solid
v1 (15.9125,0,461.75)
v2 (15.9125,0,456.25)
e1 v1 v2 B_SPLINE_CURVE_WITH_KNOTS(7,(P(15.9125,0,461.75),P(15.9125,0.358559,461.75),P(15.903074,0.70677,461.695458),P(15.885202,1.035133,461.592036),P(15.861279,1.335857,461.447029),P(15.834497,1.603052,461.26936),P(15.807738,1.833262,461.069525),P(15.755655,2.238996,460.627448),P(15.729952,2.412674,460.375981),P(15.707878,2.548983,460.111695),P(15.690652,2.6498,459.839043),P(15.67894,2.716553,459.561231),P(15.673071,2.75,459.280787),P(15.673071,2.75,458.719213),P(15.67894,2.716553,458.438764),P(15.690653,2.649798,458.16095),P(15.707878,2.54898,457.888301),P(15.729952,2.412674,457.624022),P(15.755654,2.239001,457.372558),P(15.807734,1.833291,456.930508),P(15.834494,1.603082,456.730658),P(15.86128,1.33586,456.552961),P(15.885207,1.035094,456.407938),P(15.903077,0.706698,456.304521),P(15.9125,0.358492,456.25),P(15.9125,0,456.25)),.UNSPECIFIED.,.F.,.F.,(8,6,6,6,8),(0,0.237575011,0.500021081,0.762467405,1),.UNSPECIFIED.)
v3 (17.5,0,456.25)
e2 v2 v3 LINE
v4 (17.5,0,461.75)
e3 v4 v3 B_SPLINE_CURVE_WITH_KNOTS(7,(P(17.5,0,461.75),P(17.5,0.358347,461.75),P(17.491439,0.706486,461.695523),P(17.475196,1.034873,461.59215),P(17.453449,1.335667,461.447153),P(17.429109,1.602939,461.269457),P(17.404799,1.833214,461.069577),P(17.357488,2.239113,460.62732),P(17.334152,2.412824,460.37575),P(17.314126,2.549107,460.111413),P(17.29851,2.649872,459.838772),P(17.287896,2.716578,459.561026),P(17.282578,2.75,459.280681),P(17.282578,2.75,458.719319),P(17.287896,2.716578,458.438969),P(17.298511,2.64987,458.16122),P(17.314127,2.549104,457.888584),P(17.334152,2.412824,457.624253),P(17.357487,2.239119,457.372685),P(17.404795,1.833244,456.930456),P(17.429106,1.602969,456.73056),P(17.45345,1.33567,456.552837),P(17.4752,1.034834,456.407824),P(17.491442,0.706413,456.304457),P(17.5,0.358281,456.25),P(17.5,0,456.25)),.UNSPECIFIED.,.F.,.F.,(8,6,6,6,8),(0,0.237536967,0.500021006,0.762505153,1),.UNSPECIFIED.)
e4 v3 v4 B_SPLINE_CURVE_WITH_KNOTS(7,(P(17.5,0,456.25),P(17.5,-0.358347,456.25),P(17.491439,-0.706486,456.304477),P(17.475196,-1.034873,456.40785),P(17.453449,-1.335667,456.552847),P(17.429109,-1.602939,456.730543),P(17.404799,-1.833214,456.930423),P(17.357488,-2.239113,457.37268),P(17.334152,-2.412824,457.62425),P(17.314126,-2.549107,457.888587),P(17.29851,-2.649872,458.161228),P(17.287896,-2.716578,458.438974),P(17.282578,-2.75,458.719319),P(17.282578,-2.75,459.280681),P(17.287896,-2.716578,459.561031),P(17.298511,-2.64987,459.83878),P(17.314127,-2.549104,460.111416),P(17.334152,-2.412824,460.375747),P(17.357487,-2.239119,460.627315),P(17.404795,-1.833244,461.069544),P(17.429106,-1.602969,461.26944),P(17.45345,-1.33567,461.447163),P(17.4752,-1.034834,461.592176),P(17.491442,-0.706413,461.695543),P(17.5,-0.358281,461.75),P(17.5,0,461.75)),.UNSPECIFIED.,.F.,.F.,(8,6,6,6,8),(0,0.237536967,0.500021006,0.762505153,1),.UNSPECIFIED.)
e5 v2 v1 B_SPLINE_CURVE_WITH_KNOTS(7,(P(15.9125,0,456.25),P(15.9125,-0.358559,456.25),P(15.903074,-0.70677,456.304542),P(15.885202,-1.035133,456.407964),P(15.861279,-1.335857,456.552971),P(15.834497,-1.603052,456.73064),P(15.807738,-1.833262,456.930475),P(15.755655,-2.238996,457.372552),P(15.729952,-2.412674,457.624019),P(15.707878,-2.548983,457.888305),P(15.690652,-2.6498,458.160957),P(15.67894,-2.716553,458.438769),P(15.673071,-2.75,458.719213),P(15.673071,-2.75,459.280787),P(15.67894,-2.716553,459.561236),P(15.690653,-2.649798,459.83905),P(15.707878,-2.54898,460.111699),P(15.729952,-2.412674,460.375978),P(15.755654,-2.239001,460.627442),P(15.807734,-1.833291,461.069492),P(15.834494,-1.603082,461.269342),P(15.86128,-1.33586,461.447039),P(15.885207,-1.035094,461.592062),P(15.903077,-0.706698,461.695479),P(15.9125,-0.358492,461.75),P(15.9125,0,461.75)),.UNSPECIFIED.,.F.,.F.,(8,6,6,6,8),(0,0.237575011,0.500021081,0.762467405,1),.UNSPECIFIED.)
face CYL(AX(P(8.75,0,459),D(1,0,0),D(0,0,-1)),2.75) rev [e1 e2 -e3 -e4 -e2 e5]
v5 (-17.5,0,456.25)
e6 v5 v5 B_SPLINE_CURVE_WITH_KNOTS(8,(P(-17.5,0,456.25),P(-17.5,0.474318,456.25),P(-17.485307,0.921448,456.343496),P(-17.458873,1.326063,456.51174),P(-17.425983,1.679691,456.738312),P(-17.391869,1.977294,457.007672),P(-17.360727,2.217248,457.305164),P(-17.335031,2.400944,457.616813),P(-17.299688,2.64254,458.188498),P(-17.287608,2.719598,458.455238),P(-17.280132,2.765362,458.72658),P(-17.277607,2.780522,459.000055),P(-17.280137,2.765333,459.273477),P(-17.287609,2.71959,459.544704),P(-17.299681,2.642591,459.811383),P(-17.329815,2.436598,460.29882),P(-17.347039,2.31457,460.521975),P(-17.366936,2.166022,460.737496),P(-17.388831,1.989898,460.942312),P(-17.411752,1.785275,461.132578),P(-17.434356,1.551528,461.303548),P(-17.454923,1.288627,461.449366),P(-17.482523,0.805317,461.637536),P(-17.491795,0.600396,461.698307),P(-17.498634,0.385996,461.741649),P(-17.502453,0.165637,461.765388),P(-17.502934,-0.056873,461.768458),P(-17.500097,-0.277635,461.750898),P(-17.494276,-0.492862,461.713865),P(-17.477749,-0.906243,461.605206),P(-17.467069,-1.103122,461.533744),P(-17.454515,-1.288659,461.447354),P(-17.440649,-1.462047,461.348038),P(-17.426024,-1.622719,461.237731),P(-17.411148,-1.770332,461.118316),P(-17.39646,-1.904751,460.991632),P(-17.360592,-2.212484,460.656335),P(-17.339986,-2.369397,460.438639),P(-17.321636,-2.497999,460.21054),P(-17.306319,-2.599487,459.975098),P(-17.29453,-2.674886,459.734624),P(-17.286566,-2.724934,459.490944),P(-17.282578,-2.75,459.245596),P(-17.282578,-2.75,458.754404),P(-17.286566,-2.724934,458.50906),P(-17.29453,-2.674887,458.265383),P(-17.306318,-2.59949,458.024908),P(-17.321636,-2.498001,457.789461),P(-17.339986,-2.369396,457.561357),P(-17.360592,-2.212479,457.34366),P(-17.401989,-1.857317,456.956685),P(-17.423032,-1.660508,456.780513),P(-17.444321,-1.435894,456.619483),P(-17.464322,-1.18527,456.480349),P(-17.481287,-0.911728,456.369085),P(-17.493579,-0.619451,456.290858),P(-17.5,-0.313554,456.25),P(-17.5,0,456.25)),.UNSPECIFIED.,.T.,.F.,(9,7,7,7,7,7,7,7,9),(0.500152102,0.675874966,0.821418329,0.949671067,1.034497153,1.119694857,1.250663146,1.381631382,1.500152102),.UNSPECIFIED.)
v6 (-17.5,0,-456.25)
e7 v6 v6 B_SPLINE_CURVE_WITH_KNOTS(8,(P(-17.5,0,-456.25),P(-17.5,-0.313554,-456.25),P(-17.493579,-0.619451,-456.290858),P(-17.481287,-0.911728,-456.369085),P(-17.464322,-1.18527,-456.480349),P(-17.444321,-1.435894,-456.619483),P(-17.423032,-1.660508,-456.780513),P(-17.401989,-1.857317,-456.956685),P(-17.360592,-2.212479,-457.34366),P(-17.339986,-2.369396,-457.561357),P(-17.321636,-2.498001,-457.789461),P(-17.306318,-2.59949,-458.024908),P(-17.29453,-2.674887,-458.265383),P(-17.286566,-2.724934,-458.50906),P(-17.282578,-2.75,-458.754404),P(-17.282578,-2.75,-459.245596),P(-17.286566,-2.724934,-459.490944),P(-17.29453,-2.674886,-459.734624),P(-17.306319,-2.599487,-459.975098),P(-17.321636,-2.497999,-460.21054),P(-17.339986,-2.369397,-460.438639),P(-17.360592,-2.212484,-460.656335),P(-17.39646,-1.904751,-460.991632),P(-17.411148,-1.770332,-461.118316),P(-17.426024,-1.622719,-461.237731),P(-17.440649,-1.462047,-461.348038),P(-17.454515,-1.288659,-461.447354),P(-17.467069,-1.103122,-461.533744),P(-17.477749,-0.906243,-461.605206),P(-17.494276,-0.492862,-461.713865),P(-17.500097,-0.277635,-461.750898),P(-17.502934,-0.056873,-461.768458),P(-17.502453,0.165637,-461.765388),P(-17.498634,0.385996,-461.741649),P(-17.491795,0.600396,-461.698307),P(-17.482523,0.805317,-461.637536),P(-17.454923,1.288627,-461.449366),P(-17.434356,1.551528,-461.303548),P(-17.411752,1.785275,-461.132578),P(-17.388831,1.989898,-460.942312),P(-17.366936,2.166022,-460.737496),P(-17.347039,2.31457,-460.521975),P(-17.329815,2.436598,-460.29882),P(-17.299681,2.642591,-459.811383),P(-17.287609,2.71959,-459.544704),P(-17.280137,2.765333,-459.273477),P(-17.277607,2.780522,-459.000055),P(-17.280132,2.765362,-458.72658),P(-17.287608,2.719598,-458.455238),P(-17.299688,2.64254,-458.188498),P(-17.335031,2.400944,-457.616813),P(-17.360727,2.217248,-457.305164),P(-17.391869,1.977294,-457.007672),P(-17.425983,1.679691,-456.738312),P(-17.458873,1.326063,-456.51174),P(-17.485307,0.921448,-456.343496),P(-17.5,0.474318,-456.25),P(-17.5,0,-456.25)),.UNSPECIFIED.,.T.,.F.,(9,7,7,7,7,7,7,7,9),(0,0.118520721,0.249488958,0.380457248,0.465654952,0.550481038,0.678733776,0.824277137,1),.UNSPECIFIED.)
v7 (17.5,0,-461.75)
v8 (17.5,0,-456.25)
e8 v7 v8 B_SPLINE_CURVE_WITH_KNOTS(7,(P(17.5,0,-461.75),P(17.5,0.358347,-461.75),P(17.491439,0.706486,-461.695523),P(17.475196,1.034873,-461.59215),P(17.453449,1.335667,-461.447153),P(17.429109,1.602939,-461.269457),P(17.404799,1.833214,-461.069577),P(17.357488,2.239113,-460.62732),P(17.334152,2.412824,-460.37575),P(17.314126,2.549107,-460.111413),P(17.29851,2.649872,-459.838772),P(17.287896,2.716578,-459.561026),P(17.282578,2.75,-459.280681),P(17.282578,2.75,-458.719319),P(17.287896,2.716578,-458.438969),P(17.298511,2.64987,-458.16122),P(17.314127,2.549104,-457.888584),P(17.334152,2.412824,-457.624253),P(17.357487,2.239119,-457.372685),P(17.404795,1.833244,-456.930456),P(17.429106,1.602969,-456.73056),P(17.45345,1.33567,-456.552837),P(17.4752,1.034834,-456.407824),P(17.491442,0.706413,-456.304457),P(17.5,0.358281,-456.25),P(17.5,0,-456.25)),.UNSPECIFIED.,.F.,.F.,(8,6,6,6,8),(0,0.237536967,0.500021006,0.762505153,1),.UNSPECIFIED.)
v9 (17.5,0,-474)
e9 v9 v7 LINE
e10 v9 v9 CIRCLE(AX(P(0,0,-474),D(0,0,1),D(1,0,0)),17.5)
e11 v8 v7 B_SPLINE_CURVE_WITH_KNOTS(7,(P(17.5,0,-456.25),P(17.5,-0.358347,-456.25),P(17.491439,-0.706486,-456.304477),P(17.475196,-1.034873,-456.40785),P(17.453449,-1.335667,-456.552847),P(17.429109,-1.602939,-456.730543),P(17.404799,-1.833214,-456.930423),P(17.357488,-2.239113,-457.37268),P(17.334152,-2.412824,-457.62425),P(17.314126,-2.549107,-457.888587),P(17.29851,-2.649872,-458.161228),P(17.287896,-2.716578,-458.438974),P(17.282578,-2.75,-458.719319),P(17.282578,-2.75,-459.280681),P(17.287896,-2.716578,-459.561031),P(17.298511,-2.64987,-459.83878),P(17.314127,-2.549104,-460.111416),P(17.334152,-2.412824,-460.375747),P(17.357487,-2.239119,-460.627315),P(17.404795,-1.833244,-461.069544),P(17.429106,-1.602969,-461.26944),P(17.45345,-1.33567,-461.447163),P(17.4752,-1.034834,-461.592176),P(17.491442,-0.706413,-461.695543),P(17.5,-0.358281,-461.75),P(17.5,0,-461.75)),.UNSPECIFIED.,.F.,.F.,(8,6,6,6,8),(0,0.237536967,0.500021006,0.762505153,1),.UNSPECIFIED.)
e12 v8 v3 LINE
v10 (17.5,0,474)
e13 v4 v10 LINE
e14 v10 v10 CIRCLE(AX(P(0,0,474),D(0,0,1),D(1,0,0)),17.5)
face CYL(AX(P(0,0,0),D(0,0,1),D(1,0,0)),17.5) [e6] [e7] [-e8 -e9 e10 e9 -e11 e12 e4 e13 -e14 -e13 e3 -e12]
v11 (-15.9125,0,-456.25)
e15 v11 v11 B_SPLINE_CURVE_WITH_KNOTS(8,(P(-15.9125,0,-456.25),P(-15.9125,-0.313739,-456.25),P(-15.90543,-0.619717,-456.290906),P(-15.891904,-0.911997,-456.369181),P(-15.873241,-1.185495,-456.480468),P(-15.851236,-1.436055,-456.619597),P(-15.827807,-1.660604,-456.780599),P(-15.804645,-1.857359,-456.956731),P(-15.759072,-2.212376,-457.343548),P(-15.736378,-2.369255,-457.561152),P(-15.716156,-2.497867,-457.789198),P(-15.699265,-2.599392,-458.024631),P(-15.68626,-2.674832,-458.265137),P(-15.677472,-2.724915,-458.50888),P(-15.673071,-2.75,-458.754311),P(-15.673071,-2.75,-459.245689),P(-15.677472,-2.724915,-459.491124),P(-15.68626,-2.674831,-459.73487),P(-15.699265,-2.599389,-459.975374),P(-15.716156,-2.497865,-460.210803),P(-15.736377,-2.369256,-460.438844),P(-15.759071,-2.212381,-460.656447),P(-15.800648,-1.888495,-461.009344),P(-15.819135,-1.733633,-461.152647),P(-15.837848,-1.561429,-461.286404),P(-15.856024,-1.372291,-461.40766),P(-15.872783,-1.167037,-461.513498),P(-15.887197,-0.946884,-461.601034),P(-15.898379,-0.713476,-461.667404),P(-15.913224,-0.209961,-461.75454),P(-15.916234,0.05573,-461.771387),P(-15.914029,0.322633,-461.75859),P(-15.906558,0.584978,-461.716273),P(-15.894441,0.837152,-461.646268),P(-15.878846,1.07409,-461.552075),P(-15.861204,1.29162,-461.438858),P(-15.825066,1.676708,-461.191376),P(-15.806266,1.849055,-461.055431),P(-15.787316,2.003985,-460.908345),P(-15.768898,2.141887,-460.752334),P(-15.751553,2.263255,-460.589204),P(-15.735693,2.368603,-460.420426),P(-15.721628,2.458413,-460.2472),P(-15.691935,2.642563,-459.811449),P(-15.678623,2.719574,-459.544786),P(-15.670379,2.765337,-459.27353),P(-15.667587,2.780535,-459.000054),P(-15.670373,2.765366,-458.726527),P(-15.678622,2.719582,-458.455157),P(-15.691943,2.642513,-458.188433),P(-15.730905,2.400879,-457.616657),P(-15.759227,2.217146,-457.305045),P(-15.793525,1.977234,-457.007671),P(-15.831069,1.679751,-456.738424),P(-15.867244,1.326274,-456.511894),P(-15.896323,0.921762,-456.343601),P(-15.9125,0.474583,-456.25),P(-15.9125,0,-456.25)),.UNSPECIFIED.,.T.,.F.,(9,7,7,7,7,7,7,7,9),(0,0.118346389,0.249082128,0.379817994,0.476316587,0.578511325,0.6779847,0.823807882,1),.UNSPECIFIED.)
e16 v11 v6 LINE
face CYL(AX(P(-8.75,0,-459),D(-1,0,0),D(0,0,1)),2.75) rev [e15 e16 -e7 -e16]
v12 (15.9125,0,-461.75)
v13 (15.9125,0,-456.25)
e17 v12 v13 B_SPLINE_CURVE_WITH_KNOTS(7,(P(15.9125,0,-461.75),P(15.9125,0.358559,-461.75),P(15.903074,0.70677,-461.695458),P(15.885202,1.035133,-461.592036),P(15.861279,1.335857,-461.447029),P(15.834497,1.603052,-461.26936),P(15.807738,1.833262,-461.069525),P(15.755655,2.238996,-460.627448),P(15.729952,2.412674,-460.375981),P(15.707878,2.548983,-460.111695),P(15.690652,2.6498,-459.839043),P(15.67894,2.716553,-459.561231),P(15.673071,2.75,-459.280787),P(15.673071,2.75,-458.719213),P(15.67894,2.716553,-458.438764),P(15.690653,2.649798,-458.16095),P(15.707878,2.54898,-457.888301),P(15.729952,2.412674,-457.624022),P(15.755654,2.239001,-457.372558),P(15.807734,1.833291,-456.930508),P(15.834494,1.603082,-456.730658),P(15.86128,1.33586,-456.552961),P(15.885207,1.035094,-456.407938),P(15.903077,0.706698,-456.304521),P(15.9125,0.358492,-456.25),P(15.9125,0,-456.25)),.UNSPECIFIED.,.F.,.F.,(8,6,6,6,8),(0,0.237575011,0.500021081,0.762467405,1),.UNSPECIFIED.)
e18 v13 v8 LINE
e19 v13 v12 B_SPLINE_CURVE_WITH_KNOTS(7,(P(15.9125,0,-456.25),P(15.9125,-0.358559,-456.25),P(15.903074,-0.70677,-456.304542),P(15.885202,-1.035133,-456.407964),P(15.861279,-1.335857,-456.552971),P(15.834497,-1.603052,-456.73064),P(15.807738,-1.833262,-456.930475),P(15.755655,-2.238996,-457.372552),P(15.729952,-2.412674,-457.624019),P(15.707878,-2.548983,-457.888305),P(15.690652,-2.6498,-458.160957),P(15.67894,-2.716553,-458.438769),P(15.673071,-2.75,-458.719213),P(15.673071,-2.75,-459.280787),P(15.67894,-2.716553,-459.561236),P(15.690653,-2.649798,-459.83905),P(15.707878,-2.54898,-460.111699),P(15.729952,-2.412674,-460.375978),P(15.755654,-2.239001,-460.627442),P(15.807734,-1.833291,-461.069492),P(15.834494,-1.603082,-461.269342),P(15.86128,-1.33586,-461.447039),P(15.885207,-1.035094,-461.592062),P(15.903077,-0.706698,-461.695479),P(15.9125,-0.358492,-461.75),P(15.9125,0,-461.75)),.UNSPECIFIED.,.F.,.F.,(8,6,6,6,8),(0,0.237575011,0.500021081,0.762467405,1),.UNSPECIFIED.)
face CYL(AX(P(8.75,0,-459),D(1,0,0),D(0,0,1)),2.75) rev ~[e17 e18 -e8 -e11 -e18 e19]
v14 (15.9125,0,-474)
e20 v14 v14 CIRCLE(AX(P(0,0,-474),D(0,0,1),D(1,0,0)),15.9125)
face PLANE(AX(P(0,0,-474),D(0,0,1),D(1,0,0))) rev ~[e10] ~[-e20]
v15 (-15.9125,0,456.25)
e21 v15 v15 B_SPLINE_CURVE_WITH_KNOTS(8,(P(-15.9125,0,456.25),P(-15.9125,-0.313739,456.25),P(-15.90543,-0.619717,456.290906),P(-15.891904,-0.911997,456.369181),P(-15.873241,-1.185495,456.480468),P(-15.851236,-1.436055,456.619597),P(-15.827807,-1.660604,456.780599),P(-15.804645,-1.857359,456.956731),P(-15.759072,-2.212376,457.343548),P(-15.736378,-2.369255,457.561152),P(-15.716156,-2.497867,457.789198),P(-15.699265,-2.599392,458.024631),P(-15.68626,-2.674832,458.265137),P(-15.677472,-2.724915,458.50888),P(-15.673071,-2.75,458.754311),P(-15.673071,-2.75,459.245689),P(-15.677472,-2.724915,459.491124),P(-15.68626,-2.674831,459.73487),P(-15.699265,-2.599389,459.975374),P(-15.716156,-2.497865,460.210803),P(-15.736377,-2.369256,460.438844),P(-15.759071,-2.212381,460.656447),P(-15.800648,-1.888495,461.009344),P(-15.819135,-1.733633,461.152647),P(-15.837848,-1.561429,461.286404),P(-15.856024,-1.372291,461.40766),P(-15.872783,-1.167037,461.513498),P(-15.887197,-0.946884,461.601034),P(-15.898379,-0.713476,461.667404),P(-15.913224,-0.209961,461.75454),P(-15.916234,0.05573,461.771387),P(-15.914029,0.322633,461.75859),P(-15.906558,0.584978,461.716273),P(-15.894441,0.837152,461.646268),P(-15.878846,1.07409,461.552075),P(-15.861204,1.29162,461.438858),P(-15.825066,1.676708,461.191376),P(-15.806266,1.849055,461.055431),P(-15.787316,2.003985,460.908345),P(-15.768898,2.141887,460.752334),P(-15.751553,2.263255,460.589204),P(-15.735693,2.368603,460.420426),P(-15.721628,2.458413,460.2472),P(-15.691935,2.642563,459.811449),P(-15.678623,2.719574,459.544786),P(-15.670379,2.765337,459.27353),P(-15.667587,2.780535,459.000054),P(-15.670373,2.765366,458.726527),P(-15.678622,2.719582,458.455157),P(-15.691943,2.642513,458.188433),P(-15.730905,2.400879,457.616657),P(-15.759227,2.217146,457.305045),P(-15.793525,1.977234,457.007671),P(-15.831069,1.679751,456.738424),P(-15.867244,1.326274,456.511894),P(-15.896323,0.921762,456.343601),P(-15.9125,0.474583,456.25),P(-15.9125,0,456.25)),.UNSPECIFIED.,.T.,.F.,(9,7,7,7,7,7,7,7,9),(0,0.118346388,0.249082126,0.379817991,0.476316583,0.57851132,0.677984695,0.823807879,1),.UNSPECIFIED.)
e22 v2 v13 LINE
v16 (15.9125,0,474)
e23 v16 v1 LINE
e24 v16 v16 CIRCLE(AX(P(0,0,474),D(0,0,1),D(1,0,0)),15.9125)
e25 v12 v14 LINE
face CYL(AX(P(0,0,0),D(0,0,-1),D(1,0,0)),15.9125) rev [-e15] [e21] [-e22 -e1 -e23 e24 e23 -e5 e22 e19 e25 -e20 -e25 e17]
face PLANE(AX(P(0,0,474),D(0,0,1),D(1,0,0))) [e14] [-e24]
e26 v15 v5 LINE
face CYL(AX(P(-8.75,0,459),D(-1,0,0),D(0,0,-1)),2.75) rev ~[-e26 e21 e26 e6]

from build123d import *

# Parameters (mm, degrees)
SKETCH2_R                                  = 17.5
SKETCH2_R_2                                = 15.9125
BOSS_EXTRUDE1_DEPTH                        = 474
SKETCH5_W                                  = 2.75
SKETCH5_H                                  = 17.5
MIRROR1_AT_THE_SECOND_PLANE_COPY_1_SKETC_W = 2.75
MIRROR1_AT_THE_SECOND_PLANE_COPY_1_SKETC_H = 17.5


with BuildPart() as part:
    # Sketch2 → Boss-Extrude1 (new body, symmetric)
    with BuildSketch(Plane.XY):
        Circle(SKETCH2_R)
        Circle(SKETCH2_R_2, mode=Mode.SUBTRACT)
    extrude(amount=BOSS_EXTRUDE1_DEPTH, both=True)

    # Sketch5 → M5 Clearance Hole1 (revolve, cut)
    with BuildSketch(Plane(origin=(0, 0, -459), x_dir=(0, 0, 1), z_dir=(0, 1, 0))):
        with Locations((1.375, 8.75)):
            Rectangle(SKETCH5_W, SKETCH5_H)
    m5_clearance_hole1 = revolve(axis=Axis((-6.35, 0, -459), (1, 0, 0)), mode=Mode.SUBTRACT)

    # Mirror1: M5 Clearance Hole1 across plane
    add(m5_clearance_hole1.mirror(Plane.XY), mode=Mode.SUBTRACT)

    # Mirror1 at the second plane: M5 Clearance Hole1 across plane
    add(m5_clearance_hole1.mirror(Plane(origin=(0, 0, 0), x_dir=(0, 0, 1), z_dir=(1, 0, 0))), mode=Mode.SUBTRACT)

    # Mirror1 at the second plane copy 1 sketc → Mirror1 at the second plane copy 1 (revolve, cut)
    with BuildSketch(Plane(origin=(0, 0, 459), x_dir=(0, 0, -1), z_dir=(0, 1, 0))):
        with Locations((1.375, 8.75)):
            Rectangle(MIRROR1_AT_THE_SECOND_PLANE_COPY_1_SKETC_W, MIRROR1_AT_THE_SECOND_PLANE_COPY_1_SKETC_H)
    revolve(axis=Axis((6.35, 0, 459), (-1, 0, 0)), mode=Mode.SUBTRACT)


solid = part.part
